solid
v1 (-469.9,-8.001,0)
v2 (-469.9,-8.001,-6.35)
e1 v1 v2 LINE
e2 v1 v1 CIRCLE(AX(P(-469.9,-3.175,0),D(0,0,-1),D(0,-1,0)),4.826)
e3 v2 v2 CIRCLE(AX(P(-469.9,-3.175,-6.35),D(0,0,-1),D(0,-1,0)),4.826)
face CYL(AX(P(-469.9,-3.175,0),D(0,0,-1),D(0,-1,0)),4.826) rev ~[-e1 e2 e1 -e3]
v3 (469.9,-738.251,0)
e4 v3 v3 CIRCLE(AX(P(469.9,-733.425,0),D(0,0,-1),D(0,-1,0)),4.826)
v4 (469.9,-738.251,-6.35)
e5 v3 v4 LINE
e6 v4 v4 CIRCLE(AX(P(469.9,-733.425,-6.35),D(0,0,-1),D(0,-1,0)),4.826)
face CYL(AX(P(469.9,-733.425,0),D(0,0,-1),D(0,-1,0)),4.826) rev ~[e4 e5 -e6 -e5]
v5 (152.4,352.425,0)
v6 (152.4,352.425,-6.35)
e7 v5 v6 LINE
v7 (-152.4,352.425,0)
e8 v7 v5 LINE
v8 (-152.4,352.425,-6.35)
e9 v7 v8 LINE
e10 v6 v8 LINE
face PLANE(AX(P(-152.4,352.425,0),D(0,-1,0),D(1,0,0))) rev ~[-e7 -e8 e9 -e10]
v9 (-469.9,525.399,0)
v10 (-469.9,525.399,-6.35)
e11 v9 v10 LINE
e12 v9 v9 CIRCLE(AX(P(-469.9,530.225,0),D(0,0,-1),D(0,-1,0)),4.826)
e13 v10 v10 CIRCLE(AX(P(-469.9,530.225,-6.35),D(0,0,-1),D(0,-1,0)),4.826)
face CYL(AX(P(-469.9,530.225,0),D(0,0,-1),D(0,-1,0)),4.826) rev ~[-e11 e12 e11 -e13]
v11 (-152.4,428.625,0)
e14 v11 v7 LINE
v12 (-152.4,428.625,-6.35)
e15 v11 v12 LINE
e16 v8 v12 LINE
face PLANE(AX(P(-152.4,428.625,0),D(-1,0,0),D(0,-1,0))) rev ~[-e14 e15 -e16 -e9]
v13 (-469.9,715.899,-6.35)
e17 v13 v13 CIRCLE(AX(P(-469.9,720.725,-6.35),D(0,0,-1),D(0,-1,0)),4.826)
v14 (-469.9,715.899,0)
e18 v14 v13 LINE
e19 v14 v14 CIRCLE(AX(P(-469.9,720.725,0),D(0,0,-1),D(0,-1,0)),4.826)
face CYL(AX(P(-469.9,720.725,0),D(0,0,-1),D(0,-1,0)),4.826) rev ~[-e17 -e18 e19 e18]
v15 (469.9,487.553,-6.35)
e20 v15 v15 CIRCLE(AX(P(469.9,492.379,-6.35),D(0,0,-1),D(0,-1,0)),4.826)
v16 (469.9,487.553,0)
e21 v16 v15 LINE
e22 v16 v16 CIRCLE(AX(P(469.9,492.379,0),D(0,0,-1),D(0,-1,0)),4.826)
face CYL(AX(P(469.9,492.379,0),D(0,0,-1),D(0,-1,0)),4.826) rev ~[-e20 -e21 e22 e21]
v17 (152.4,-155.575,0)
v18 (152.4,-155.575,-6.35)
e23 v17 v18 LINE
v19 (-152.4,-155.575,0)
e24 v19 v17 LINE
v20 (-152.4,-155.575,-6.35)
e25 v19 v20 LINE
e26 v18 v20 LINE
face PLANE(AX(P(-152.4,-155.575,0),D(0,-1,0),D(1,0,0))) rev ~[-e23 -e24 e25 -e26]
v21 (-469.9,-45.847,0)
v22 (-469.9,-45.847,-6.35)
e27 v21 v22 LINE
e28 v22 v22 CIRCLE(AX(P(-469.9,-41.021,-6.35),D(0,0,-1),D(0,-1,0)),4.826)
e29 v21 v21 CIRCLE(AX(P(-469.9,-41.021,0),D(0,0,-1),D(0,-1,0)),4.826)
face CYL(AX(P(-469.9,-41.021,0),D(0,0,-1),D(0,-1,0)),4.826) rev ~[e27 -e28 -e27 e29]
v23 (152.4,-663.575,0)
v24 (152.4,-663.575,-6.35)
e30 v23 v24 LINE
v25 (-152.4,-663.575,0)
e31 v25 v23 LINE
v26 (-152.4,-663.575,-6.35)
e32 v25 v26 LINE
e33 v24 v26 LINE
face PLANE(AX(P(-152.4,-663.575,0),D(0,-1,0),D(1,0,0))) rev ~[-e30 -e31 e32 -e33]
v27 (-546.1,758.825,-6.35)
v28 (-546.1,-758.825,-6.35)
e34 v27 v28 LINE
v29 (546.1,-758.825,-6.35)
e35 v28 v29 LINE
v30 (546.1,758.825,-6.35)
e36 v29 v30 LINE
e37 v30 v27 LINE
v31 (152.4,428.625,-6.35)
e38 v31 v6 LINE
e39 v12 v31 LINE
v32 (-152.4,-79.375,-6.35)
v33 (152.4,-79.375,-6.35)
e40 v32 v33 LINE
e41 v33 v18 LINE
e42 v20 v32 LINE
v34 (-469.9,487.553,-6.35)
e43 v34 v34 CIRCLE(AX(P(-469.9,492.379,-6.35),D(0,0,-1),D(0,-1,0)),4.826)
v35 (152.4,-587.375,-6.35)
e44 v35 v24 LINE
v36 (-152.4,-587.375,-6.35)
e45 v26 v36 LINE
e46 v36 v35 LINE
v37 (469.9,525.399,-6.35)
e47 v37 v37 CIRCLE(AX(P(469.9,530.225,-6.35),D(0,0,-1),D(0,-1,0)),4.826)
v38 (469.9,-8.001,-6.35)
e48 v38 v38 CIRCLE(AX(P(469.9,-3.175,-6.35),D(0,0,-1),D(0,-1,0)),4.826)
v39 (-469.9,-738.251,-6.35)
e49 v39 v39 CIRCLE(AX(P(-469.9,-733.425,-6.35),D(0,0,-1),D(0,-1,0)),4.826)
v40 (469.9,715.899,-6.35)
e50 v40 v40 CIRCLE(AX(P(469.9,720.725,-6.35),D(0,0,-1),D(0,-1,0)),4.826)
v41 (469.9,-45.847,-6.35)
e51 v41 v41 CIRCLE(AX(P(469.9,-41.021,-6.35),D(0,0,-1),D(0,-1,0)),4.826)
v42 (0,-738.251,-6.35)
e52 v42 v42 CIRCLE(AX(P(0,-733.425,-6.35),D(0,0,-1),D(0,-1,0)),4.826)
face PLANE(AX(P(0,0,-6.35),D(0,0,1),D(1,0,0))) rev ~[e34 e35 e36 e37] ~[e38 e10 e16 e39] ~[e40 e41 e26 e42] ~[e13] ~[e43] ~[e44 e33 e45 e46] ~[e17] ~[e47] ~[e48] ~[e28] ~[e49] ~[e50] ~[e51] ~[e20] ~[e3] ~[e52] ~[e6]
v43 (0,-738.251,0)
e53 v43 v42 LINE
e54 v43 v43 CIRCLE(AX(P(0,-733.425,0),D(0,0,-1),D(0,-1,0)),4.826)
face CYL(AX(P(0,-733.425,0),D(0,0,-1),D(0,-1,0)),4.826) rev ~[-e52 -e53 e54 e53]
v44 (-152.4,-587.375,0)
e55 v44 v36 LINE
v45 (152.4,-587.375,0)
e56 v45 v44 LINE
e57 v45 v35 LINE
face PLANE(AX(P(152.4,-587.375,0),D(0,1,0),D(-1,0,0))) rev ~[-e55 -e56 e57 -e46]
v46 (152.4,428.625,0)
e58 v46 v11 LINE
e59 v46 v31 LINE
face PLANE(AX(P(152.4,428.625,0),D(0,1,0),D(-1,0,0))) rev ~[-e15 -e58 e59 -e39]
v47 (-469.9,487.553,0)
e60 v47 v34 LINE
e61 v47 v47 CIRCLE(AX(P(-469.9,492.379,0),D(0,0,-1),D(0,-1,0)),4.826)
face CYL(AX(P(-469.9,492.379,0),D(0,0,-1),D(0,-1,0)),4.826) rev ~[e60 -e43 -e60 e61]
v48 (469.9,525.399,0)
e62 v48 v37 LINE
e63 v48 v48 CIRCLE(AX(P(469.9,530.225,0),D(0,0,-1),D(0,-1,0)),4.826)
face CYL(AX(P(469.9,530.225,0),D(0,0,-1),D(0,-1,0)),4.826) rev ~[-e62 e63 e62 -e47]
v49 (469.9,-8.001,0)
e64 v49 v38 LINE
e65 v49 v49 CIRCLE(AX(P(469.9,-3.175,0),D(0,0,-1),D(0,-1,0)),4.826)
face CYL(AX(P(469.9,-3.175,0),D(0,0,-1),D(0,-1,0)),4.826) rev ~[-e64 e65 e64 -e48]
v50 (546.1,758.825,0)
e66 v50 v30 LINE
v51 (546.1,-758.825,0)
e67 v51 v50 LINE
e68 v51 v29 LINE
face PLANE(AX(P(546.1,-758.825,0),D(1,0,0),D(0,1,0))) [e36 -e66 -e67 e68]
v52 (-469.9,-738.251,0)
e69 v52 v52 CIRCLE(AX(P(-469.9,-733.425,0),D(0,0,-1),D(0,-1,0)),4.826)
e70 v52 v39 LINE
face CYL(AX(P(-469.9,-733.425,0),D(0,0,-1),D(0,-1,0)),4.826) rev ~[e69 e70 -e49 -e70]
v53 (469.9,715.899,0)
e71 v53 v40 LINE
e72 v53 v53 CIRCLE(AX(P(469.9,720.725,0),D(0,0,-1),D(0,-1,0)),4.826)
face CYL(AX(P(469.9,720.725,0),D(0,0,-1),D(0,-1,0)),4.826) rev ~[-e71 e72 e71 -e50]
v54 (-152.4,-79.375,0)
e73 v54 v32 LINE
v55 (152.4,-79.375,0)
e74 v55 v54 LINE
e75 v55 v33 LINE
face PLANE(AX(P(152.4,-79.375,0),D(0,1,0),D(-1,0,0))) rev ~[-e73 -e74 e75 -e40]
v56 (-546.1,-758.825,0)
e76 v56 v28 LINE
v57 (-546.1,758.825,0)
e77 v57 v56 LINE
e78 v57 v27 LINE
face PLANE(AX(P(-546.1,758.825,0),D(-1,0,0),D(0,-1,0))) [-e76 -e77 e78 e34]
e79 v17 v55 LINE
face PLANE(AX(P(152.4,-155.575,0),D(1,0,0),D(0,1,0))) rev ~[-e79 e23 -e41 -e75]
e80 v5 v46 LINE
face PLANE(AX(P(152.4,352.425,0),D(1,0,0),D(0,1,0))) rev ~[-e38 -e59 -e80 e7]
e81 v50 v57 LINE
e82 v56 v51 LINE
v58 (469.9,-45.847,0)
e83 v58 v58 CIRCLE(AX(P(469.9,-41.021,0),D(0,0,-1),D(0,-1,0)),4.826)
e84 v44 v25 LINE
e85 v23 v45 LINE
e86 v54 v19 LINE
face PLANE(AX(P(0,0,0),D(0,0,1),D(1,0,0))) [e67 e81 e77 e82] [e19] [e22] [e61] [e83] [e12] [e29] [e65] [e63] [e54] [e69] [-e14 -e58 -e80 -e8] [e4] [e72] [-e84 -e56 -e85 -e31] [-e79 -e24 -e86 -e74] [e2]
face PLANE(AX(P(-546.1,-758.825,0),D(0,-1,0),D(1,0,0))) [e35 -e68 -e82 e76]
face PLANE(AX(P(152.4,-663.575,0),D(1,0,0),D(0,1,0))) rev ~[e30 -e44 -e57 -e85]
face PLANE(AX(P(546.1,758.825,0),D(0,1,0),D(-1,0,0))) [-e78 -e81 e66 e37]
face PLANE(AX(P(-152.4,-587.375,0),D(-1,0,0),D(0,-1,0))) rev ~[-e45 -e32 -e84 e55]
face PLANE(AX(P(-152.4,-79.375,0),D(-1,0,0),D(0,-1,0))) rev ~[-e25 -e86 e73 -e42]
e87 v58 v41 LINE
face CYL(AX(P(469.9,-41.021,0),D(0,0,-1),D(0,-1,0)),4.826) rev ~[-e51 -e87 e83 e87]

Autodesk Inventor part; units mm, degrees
ref_plane "YZ Plane" through (0, 0, 0) normal (1, 0, 0) x (0, 1, 0)
ref_plane "XZ Plane" through (0, 0, 0) normal (0, 1, 0) x (-1, 0, 0)
ref_plane "XY Plane" through (0, 0, 0) normal (0, 0, 1) x (1, 0, 0)
sketch "Sketch1" plane through (0, 0, 0) normal (0, 0, 1) x (1, 0, 0)
  line L0 (-546.1, -758.825) -> (546.1, -758.825)
  line L1 (546.1, -758.825) -> (546.1, 758.825)
  line L2 (546.1, 758.825) -> (-546.1, 758.825)
  line L3 (-546.1, 758.825) -> (-546.1, -758.825)
  line L4 (-546.1, -758.825) -> (546.1, 758.825) construction
  line L5 (546.1, -758.825) -> (-546.1, 758.825) construction
  point P0 (0, 0)
  dimension "d0" = 1092.2
  dimension "d1" = 1517.65
extrude "Extrusion1" add sketch "Sketch1" against normal blind 6.35
sketch "Sketch2" plane through (0, 0, 0) normal (0, 0, 1) x (1, 0, 0)
  line L0 (546.1, 758.825) -> (-546.1, 758.825) projected
  line L1 (-546.1, 758.825) -> (-546.1, -758.825) projected
  line L2 (-152.4, 352.425) -> (152.4, 352.425)
  line L3 (152.4, 352.425) -> (152.4, 428.625)
  line L4 (152.4, 428.625) -> (-152.4, 428.625)
  line L5 (-152.4, 428.625) -> (-152.4, 352.425)
  line L6 (-152.4, -155.575) -> (152.4, -155.575)
  line L7 (152.4, -155.575) -> (152.4, -79.375)
  line L8 (152.4, -79.375) -> (-152.4, -79.375)
  line L9 (-152.4, -79.375) -> (-152.4, -155.575)
  line L10 (-152.4, -663.575) -> (152.4, -663.575)
  line L11 (152.4, -663.575) -> (152.4, -587.375)
  line L12 (152.4, -587.375) -> (-152.4, -587.375)
  line L13 (-152.4, -587.375) -> (-152.4, -663.575)
  point P0 (0, 0)
  dimension "d4" = 330.2
  dimension "d5" = 406.4
  dimension "d6" = 838.2
  dimension "d7" = 914.4
  dimension "d8" = 1346.2
  dimension "d9" = 1422.4
  dimension "d10" = 393.7
  dimension "d11" = 698.5
extrude "Extrusion2" cut sketch "Sketch2" against normal up to next
sketch "Sketch3" plane through (0, 0, 0) normal (0, 0, 1) x (1, 0, 0)
  line L0 (546.1, 758.825) -> (-546.1, 758.825) projected
  line L1 (-546.1, 758.825) -> (-546.1, -758.825) projected
  point P0 (0, 0)
  point P1 (-469.9, 720.725)
  point P2 (-469.9, 530.225)
  point P3 (-469.9, 492.379)
  point P4 (-469.9, -3.175)
  point P5 (-469.9, -41.021)
  point P6 (-469.9, -733.425)
  point P7 (469.9, 720.725)
  point P8 (469.9, 530.225)
  point P9 (469.9, 492.379)
  point P10 (469.9, -3.175)
  point P11 (469.9, -41.021)
  point P12 (469.9, -733.425)
  point P13 (0, -733.425)
  dimension "d14" = 38.1
  dimension "d16" = 1016
  dimension "d17" = 228.6
  dimension "d18" = 266.446
  dimension "d20" = 762
  dimension "d21" = 799.846
  dimension "d22" = 1492.25
  dimension "d23" = 76.2
  dimension "d24" = 1016
  dimension "d32" = 546.1
hole "Hole1" at (-469.9, 720.725, 0) at (-469.9, 530.225, 0) at (-469.9, 492.379, 0) at (-469.9, -3.175, 0) at (-469.9, -41.021, 0) at (-469.9, -733.425, 0) at (469.9, 720.725, 0) at (469.9, 530.225, 0) at (469.9, 492.379, 0) at (469.9, -3.175, 0) at (469.9, -41.021, 0) at (469.9, -733.425, 0) at (0, -733.425, 0) direction (0, 0, -1) diameter 9.652 end through all
properties part number "GE-13010" material "Polycarbonate, Clear"
